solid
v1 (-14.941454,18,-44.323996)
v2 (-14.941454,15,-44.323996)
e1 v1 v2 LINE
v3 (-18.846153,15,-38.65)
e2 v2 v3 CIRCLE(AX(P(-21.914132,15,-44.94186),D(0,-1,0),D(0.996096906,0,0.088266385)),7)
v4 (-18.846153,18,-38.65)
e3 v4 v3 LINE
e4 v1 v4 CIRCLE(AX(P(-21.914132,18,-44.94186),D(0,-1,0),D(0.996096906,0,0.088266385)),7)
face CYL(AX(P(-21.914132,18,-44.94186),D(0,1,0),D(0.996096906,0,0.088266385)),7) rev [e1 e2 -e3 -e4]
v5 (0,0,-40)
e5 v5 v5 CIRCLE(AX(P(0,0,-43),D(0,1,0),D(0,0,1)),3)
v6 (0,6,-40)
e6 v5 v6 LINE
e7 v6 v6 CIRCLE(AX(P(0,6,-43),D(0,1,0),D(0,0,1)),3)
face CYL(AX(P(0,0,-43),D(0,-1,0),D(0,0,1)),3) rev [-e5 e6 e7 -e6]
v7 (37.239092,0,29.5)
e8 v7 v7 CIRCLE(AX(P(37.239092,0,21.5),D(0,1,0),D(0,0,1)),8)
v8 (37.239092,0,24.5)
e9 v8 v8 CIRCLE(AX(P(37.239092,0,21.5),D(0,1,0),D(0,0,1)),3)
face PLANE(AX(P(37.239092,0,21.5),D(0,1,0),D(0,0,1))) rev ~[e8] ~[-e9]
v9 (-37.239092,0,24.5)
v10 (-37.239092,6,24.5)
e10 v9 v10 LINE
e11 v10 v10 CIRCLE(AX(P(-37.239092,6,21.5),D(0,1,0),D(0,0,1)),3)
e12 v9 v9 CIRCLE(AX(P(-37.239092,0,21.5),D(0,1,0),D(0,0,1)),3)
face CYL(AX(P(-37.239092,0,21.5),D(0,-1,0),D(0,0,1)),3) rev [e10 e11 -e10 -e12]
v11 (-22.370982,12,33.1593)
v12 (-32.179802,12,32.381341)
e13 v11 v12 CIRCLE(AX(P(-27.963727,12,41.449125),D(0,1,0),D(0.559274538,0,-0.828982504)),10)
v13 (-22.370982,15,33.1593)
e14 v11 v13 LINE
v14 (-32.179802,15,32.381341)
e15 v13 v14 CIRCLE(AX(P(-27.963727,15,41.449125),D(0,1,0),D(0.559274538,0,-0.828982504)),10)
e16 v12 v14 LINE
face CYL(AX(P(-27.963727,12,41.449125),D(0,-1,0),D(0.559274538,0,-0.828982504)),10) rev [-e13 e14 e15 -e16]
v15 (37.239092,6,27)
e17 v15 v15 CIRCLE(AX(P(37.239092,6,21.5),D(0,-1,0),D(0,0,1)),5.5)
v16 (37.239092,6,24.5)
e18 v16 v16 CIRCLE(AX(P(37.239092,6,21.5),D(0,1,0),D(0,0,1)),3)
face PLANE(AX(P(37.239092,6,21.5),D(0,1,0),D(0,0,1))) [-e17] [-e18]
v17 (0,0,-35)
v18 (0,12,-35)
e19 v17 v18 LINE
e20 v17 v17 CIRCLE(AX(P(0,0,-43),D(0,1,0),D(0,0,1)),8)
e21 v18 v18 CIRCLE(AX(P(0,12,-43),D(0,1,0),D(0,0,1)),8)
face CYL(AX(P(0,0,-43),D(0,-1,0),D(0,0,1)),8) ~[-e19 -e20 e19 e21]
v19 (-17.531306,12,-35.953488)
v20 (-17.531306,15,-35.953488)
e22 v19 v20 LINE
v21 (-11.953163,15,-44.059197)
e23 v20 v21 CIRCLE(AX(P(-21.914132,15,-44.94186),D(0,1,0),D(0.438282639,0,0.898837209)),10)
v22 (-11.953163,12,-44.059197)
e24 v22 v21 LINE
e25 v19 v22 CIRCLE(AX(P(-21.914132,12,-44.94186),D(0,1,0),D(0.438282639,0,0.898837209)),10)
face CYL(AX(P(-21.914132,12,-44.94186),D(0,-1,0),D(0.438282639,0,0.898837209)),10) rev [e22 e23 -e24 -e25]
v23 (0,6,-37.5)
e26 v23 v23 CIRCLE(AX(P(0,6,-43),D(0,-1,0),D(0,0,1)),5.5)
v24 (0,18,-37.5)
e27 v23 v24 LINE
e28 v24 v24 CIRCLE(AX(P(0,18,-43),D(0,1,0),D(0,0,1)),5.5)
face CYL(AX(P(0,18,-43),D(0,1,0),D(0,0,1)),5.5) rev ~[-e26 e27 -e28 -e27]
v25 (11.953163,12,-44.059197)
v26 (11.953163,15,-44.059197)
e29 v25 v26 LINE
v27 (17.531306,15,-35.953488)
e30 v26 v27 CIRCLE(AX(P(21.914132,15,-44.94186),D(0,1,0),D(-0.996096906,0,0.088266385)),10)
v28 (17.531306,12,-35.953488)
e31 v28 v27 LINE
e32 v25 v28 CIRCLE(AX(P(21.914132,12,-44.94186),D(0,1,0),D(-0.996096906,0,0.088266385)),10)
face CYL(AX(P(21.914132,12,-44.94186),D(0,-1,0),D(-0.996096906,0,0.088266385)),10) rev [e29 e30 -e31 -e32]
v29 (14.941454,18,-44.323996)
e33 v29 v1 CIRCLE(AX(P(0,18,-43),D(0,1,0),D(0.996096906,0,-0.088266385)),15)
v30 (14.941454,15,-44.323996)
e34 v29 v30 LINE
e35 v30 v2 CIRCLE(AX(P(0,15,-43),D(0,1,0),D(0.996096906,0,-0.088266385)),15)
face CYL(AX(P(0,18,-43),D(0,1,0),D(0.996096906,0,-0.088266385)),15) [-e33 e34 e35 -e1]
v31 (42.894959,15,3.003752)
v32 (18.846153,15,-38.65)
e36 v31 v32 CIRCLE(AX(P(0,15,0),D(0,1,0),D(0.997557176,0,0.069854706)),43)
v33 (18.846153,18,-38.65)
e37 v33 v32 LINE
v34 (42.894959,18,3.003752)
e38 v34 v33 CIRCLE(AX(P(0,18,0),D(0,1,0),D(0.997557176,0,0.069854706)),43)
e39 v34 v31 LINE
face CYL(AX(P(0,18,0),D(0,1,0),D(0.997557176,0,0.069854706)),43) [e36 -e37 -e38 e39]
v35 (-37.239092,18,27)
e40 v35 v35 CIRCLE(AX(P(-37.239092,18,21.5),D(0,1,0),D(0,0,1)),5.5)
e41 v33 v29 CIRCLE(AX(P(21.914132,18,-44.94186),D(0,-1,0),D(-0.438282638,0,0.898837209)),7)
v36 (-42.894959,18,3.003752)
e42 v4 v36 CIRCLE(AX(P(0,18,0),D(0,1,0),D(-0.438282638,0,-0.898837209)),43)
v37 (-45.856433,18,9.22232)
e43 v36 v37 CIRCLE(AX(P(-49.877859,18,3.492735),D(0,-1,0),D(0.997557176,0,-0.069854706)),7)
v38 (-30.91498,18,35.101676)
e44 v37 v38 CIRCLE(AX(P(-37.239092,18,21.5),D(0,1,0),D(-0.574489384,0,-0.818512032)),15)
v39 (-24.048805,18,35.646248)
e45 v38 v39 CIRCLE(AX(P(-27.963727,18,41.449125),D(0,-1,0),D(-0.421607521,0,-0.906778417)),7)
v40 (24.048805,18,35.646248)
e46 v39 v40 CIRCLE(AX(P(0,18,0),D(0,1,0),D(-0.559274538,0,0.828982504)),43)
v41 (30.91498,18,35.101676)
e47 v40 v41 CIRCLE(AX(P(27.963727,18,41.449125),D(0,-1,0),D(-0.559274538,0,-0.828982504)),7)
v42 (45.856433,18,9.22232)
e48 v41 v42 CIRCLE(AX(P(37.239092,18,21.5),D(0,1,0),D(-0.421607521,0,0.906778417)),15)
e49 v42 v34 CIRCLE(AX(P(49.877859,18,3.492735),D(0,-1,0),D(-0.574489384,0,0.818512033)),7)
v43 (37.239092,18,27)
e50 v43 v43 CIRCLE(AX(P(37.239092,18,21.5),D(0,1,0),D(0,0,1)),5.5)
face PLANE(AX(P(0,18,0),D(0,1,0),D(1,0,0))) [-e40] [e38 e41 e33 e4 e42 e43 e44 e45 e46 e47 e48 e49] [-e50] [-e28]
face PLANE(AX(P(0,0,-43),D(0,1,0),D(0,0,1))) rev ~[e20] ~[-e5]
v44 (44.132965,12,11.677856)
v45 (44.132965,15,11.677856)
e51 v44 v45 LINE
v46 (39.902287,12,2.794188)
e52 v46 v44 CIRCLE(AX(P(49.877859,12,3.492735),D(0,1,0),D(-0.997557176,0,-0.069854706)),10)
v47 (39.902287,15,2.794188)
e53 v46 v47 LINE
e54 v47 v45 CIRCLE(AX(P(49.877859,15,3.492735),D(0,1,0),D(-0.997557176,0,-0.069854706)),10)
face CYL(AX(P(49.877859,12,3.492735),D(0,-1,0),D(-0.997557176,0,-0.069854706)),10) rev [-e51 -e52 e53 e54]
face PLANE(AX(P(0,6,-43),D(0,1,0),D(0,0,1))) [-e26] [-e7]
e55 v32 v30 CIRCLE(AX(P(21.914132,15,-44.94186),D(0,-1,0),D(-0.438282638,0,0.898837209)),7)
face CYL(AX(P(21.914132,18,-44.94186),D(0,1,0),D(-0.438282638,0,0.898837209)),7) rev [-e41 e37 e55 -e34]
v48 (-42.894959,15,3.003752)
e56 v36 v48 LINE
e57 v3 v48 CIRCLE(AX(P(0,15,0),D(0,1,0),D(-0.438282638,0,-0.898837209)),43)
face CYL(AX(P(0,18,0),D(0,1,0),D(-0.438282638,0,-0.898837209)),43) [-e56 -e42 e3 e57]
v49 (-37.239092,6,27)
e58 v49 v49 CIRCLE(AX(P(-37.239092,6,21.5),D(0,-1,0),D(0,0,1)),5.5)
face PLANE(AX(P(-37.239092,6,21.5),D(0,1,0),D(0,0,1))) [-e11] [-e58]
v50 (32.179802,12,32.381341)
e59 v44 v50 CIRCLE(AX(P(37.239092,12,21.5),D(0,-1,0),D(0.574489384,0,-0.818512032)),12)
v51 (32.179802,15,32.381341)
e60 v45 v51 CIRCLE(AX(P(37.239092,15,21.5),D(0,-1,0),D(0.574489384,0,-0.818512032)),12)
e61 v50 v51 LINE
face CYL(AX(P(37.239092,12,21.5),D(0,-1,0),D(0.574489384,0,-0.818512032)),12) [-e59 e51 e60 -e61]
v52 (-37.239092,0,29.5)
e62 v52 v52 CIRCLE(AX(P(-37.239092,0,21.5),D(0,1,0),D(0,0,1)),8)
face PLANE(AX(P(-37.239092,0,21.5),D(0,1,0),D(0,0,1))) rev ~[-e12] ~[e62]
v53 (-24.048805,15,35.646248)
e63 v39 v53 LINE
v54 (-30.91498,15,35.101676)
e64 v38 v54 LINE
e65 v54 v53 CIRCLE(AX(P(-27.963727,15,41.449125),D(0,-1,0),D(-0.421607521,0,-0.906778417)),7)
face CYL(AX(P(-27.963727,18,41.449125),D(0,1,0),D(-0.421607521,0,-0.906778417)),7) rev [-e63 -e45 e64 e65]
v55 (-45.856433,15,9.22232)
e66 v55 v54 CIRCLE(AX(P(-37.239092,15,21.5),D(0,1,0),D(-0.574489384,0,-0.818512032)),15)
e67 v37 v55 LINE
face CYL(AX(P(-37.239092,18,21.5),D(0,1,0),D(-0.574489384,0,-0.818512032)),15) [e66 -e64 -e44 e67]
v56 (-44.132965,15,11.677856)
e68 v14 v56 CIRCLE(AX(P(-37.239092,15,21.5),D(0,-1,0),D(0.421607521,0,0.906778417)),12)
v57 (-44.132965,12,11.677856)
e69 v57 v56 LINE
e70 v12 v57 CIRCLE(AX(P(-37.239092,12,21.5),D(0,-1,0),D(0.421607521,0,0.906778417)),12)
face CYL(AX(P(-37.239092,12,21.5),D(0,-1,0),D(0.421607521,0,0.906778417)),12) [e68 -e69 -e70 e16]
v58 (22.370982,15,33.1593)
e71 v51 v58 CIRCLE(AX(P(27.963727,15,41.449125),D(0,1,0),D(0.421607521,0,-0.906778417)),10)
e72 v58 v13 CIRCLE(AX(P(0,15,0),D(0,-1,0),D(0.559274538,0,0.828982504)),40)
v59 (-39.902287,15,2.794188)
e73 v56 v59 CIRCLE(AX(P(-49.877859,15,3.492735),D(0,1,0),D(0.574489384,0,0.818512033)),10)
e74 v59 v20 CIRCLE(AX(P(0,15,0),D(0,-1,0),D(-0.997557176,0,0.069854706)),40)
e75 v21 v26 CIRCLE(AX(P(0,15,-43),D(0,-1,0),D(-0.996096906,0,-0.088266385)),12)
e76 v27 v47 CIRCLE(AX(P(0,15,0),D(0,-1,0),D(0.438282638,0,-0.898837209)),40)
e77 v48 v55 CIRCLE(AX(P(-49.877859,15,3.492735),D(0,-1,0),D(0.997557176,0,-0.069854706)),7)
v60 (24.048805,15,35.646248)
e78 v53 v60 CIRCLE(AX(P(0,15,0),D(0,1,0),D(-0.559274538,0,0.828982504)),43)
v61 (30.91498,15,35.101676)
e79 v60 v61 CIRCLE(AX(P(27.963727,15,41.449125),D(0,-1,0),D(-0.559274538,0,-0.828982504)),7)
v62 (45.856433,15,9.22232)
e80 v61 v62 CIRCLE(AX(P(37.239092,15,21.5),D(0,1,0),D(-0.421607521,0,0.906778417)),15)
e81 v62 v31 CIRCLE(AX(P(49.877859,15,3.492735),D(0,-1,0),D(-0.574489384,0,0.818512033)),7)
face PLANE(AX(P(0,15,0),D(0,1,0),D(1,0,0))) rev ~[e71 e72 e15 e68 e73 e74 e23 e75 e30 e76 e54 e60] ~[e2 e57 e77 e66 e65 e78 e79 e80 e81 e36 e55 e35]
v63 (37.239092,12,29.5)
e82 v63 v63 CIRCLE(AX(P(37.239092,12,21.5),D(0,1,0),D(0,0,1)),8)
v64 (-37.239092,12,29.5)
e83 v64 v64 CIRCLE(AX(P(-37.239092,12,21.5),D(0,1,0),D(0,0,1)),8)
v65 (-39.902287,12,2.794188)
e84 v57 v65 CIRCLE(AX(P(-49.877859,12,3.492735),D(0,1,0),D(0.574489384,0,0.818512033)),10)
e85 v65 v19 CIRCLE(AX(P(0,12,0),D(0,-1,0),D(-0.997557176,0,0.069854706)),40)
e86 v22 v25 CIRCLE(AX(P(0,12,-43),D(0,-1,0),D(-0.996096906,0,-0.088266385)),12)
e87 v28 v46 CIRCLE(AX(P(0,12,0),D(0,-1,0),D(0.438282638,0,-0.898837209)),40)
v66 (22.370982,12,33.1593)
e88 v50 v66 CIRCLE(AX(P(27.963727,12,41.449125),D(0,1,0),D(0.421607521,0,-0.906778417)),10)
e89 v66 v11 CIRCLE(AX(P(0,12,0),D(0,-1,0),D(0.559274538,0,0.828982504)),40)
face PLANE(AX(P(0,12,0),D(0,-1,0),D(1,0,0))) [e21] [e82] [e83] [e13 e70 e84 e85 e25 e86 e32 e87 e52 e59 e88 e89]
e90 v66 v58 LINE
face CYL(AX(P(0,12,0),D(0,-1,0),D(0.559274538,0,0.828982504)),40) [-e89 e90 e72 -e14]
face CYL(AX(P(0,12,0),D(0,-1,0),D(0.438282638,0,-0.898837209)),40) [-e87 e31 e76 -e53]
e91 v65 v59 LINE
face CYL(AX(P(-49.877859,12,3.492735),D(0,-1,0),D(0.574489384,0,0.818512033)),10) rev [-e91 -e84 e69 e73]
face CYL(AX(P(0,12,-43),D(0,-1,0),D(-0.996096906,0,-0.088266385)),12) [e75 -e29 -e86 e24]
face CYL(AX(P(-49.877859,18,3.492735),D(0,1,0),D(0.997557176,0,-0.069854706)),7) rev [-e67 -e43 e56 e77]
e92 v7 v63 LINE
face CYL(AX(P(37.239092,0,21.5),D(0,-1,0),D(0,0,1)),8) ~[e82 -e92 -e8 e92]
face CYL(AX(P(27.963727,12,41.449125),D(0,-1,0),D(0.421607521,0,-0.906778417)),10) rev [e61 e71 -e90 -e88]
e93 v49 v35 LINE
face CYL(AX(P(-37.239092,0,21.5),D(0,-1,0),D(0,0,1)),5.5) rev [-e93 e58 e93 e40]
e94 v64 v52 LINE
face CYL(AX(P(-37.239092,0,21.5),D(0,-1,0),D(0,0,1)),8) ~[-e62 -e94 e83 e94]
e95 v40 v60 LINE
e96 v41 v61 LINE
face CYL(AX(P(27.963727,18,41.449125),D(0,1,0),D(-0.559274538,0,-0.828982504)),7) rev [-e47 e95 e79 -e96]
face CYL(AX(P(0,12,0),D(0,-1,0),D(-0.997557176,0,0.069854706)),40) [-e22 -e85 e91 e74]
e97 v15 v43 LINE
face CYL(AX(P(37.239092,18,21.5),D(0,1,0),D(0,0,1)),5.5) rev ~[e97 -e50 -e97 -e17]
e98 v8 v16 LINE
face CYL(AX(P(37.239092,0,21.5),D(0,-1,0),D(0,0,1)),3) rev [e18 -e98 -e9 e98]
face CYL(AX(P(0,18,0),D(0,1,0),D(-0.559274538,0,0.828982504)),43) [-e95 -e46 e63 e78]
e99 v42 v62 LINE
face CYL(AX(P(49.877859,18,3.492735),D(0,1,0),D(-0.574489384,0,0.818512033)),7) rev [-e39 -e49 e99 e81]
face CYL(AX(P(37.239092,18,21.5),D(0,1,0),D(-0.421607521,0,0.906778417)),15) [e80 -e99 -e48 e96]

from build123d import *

# Parameters (mm, degrees)
SKETCH1_R             = 8
SKETCH1_R_2           = 3
BOSS_EXTRUDE1_DEPTH   = 6
BOSS_EXTRUDE1_2_DEPTH = 6
BOSS_EXTRUDE1_3_DEPTH = 6
BOSS_EXTRUDE3_START   = 18
SKETCH1_4_R           = 5.5
BOSS_EXTRUDE3_DEPTH   = 3
SKETCH1_3_R           = 8
SKETCH1_3_R_2         = 5.5
BOSS_EXTRUDE2_DEPTH   = 18
BOSS_EXTRUDE4_START   = 3
SKETCH2_R             = 8
BOSS_EXTRUDE4_DEPTH   = 3


with BuildPart() as part:
    # Sketch1 → Boss-Extrude1 (new body)
    with BuildSketch(Plane(origin=(0, 0, 0), x_dir=(1, 0, 0), z_dir=(0, 1, 0))):
        with Locations(Location((0, 43, 0), (0, 0, 270))):
            Circle(SKETCH1_R)
        with Locations(Location((0, 43, 0), (0, 0, 270))):
            Circle(SKETCH1_R_2, mode=Mode.SUBTRACT)
    extrude(amount=BOSS_EXTRUDE1_DEPTH)



with BuildPart() as body_2:
    # Sketch1 → Boss-Extrude1 2 (new body)
    with BuildSketch(Plane(origin=(0, 0, 0), x_dir=(1, 0, 0), z_dir=(0, 1, 0))):
        with Locations(Location((37.239092363, -21.5, 0), (0, 0, 270))):
            Circle(SKETCH1_R)
        with Locations(Location((37.239092363, -21.5, 0), (0, 0, 270))):
            Circle(SKETCH1_R_2, mode=Mode.SUBTRACT)
    extrude(amount=BOSS_EXTRUDE1_2_DEPTH)


with BuildPart() as body_3:
    # Sketch1 → Boss-Extrude1 3 (new body)
    with BuildSketch(Plane(origin=(0, 0, 0), x_dir=(1, 0, 0), z_dir=(0, 1, 0))):
        with Locations(Location((-37.239092363, -21.5, 0), (0, 0, 270))):
            Circle(SKETCH1_R)
        with Locations(Location((-37.239092363, -21.5, 0), (0, 0, 270))):
            Circle(SKETCH1_R_2, mode=Mode.SUBTRACT)
    extrude(amount=BOSS_EXTRUDE1_3_DEPTH)


with BuildPart() as body_4:
    # Sketch1<4> → Boss-Extrude3 (new body)
    with BuildSketch(Plane(origin=(0, 0, 0), x_dir=(1, 0, 0), z_dir=(0, 1, 0)).offset(BOSS_EXTRUDE3_START)):
        with BuildLine():
            ThreePointArc((14.941453584, 44.323995772), (0, 58), (-14.941453584, 44.323995772))
            ThreePointArc((-14.941453584, 44.323995772), (-16.147655157, 40.973517523), (-18.846153454, 38.65))
            ThreePointArc((-18.846153454, 38.65), (-37.239092363, 21.5), (-42.894958583, -3.003752345))
            ThreePointArc((-42.894958583, -3.003752345), (-43.557934635, -6.502479184), (-45.856433127, -9.222319513))
            ThreePointArc((-45.856433127, -9.222319513), (-50.229473419, -29), (-30.914979544, -35.101676259))
            ThreePointArc((-30.914979544, -35.101676259), (-27.410279478, -34.471038339), (-24.048805129, -35.646247655))
            ThreePointArc((-24.048805129, -35.646247655), (0, -43), (24.048805129, -35.646247655))
            ThreePointArc((24.048805129, -35.646247655), (27.410279478, -34.471038339), (30.914979544, -35.101676259))
            ThreePointArc((30.914979544, -35.101676259), (50.229473419, -29), (45.856433127, -9.222319513))
            ThreePointArc((45.856433127, -9.222319513), (43.557934635, -6.502479184), (42.894958583, -3.003752345))
            ThreePointArc((42.894958583, -3.003752345), (37.239092363, 21.5), (18.846153454, 38.65))
            ThreePointArc((18.846153454, 38.65), (16.147655157, 40.973517523), (14.941453584, 44.323995772))
        make_face()
        with Locations(Location((0, 43, 0), (0, 0, 270))):
            Circle(SKETCH1_4_R, mode=Mode.SUBTRACT)
        with Locations(Location((37.239092363, -21.5, 0), (0, 0, 270))):
            Circle(SKETCH1_4_R, mode=Mode.SUBTRACT)
        with Locations(Location((-37.239092363, -21.5, 0), (0, 0, 270))):
            Circle(SKETCH1_4_R, mode=Mode.SUBTRACT)
    extrude(amount=-BOSS_EXTRUDE3_DEPTH)


with BuildPart() as part_1:
    add(part.part)

    add(body_2.part)  # Boss-Extrude2 merges body 2

    add(body_3.part)  # Boss-Extrude2 merges body 3

    add(body_4.part)  # Boss-Extrude2 merges body 4
    # Sketch1<3> → Boss-Extrude2 (add)
    # profile 1 of 3: a face of its own
    with BuildSketch(Plane(origin=(0, 0, 0), x_dir=(1, 0, 0), z_dir=(0, 1, 0))):
        with Locations(Location((-37.239092363, -21.5, 0), (0, 0, 270))):
            Circle(SKETCH1_3_R)
        with Locations(Location((-37.239092363, -21.5, 0), (0, 0, 270))):
            Circle(SKETCH1_3_R_2, mode=Mode.SUBTRACT)
    # profile 2 of 3: a face of its own
    with BuildSketch(Plane(origin=(0, 0, 0), x_dir=(1, 0, 0), z_dir=(0, 1, 0))):
        with Locations(Location((37.239092363, -21.5, 0), (0, 0, 270))):
            Circle(SKETCH1_3_R)
        with Locations(Location((37.239092363, -21.5, 0), (0, 0, 270))):
            Circle(SKETCH1_3_R_2, mode=Mode.SUBTRACT)
    # profile 3 of 3: a face of its own
    with BuildSketch(Plane(origin=(0, 0, 0), x_dir=(1, 0, 0), z_dir=(0, 1, 0))):
        with Locations(Location((0, 43, 0), (0, 0, 270))):
            Circle(SKETCH1_3_R)
        with Locations(Location((0, 43, 0), (0, 0, 270))):
            Circle(SKETCH1_3_R_2, mode=Mode.SUBTRACT)
    extrude(amount=BOSS_EXTRUDE2_DEPTH)

    # Sketch2 → Boss-Extrude4 (add)
    with BuildSketch(Plane.XZ.offset(-15).offset(BOSS_EXTRUDE4_START)):
        with BuildLine():
            ThreePointArc((-39.902287054, 2.794188228), (-34.641016151, -20), (-17.531305538, -35.953488372))
            ThreePointArc((-17.531305538, -35.953488372), (-13.676307972, -39.272799119), (-11.953162867, -44.059196617))
            ThreePointArc((-11.953162867, -44.059196617), (0, -55), (11.953162867, -44.059196617))
            ThreePointArc((11.953162867, -44.059196617), (13.676307972, -39.272799119), (17.531305538, -35.953488372))
            ThreePointArc((17.531305538, -35.953488372), (34.641016151, -20), (39.902287054, 2.794188228))
            ThreePointArc((39.902287054, 2.794188228), (40.8493957, 7.792369426), (44.132964974, 11.67785561))
            ThreePointArc((44.132964974, 11.67785561), (47.631397208, 27.5), (32.179802107, 32.381341007))
            ThreePointArc((32.179802107, 32.381341007), (27.173087728, 31.480429693), (22.370981516, 33.159300144))
            ThreePointArc((22.370981516, 33.159300144), (0, 40), (-22.370981516, 33.159300144))
            ThreePointArc((-22.370981516, 33.159300144), (-27.173087728, 31.480429693), (-32.179802107, 32.381341007))
            ThreePointArc((-32.179802107, 32.381341007), (-47.631397208, 27.5), (-44.132964974, 11.67785561))
            ThreePointArc((-44.132964974, 11.67785561), (-40.8493957, 7.792369426), (-39.902287054, 2.794188228))
        make_face()
        with Locations(Location((0, -43, 0), (0, 0, 270))):
            Circle(SKETCH2_R, mode=Mode.SUBTRACT)
        with Locations(Location((37.239092363, 21.5, 0), (0, 0, 270))):
            Circle(SKETCH2_R, mode=Mode.SUBTRACT)
        with Locations(Location((-37.239092363, 21.5, 0), (0, 0, 270))):
            Circle(SKETCH2_R, mode=Mode.SUBTRACT)
    extrude(amount=-BOSS_EXTRUDE4_DEPTH)


solid = part_1.part
